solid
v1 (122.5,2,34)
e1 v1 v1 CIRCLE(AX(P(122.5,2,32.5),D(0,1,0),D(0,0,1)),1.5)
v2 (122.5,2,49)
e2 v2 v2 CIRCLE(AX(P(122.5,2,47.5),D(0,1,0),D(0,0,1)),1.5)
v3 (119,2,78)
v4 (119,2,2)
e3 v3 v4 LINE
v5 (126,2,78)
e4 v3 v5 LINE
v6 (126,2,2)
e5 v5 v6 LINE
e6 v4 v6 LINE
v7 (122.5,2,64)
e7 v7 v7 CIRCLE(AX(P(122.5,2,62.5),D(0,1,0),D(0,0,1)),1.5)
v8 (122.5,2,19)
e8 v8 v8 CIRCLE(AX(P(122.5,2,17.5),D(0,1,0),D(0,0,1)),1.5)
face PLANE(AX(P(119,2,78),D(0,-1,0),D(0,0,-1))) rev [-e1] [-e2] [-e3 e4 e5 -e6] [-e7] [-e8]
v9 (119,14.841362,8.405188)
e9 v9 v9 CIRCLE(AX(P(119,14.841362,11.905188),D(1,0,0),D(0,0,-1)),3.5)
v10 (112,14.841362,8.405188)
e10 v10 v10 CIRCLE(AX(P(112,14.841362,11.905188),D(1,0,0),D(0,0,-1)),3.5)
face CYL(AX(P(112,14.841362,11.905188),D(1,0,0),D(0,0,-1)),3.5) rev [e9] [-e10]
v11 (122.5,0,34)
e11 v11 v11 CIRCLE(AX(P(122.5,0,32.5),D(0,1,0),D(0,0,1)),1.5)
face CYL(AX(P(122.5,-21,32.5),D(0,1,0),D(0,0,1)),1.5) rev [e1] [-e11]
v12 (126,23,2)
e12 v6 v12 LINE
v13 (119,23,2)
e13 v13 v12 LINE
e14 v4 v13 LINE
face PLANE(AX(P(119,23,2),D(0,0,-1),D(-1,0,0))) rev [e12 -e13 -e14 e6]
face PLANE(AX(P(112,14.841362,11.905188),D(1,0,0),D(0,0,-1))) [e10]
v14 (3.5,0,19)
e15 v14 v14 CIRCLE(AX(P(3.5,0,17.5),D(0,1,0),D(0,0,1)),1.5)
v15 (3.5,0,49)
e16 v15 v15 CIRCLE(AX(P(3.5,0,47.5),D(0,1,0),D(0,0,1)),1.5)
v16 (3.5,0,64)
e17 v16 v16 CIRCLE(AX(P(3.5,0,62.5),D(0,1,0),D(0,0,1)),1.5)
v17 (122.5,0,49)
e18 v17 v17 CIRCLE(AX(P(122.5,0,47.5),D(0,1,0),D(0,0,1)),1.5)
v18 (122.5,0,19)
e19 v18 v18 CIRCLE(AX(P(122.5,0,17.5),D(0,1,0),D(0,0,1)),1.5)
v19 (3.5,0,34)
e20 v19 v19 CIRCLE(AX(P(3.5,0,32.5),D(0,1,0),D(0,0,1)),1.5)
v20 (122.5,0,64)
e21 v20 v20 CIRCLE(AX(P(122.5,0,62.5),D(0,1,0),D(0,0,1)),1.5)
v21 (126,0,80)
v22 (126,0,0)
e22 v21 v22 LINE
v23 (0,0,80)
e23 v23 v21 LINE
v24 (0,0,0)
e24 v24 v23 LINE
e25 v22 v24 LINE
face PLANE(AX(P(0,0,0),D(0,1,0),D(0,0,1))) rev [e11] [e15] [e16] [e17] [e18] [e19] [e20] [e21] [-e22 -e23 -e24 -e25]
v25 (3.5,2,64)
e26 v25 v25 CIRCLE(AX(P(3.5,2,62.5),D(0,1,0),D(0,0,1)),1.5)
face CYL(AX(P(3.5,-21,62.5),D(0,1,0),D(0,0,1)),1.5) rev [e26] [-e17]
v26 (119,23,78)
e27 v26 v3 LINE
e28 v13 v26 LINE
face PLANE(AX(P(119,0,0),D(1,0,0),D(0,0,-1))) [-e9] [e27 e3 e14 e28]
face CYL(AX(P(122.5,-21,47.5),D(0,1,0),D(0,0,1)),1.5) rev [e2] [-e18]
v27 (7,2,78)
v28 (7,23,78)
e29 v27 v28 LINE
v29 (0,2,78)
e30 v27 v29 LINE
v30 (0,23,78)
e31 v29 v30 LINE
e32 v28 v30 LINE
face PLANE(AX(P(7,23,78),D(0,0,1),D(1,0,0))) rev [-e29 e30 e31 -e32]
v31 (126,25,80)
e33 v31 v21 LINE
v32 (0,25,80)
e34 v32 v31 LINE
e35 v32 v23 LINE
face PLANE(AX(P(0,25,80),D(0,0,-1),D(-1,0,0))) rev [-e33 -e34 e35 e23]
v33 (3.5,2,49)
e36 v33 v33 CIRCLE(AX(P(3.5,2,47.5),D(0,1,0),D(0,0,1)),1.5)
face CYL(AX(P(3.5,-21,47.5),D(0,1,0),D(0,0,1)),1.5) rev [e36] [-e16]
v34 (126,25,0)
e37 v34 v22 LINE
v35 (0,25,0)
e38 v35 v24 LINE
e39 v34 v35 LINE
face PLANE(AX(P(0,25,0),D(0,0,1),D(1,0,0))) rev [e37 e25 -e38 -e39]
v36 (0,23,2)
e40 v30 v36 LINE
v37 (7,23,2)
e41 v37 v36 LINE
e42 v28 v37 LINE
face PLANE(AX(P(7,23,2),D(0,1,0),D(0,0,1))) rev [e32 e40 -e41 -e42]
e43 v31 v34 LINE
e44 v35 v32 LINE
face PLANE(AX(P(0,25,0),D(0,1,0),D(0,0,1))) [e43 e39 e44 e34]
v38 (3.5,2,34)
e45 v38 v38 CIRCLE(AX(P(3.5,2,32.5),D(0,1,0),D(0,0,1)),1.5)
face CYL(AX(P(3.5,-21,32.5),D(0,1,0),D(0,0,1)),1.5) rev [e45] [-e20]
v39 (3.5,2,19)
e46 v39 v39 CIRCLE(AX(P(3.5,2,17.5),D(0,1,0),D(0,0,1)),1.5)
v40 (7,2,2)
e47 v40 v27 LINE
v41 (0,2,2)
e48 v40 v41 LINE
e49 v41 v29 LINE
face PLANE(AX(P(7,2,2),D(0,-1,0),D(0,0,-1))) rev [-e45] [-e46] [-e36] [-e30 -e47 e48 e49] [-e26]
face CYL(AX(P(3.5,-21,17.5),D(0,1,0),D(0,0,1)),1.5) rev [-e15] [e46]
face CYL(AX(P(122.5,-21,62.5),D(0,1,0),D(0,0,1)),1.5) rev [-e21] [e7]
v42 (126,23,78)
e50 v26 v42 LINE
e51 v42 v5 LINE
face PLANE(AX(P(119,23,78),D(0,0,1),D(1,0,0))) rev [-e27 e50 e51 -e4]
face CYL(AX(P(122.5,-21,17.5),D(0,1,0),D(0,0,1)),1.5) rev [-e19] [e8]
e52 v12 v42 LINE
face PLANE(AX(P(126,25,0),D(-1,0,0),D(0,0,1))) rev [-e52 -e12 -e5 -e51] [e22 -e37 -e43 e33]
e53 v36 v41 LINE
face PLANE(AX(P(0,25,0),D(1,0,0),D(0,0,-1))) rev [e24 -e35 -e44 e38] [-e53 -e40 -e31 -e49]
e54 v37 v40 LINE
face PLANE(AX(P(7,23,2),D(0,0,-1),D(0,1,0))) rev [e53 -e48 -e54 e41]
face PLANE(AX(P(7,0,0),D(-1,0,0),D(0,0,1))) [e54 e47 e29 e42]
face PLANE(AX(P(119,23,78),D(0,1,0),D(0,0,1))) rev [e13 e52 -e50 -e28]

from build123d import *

# Parameters (mm, degrees)
SKETCH_1_W          = 126
SKETCH_1_H          = 80
EXTRUDE_1_DEPTH     = 25
SKETCH_2_W          = 76
SKETCH_2_H          = 21
CUT_EXTRUDE_1_DEPTH = 7
SKETCH_3_W          = 76
SKETCH_3_H          = 21
CUT_EXTRUDE_2_DEPTH = 7
SKETCH_4_R          = 3.5
CUT_EXTRUDE_3_DEPTH = 7
SKETCH_5_R          = 1.5
CUT_EXTRUDE_5_DEPTH = 23
SKETCH_6_R          = 1.5
CUT_EXTRUDE_6_DEPTH = 23


with BuildPart() as part:
    # 草图1 → 凸台-拉伸1 (new body)
    with BuildSketch(Plane(origin=(0, 0, 0), x_dir=(1, 0, 0), z_dir=(0, 1, 0))):
        with Locations((63, -40)):
            Rectangle(SKETCH_1_W, SKETCH_1_H)
    extrude(amount=EXTRUDE_1_DEPTH)

    # 草图2 → 切除-拉伸1 (cut)
    with BuildSketch(Plane(origin=(126, 0, 0), x_dir=(0, 0, -1), z_dir=(1, 0, 0))):
        with Locations((-40, 12.5)):
            Rectangle(SKETCH_2_W, SKETCH_2_H)
    extrude(amount=-CUT_EXTRUDE_1_DEPTH, mode=Mode.SUBTRACT)

    # 草图3 → 切除-拉伸2 (cut)
    with BuildSketch(Plane.ZY):
        with Locations((40, 12.5)):
            Rectangle(SKETCH_3_W, SKETCH_3_H)
    extrude(amount=-CUT_EXTRUDE_2_DEPTH, mode=Mode.SUBTRACT)

    # 草图4 → 切除-拉伸3 (cut)
    with BuildSketch(Plane(origin=(119, 0, 0), x_dir=(0, 0, -1), z_dir=(1, 0, 0))):
        with Locations((-11.90518779, 14.841361907)):
            Circle(SKETCH_4_R)
    extrude(amount=-CUT_EXTRUDE_3_DEPTH, mode=Mode.SUBTRACT)

    # 草图5 → 切除-拉伸5 (cut)
    with BuildSketch(Plane(origin=(0, 2, 0), x_dir=(1, 0, 0), z_dir=(0, 1, 0))):
        with Locations(Location((122.5, -17.5, 0), (0, 0, 270))):
            Circle(SKETCH_5_R)
        with Locations(Location((122.5, -32.5, 0), (0, 0, 270))):
            Circle(SKETCH_5_R)
        with Locations(Location((122.5, -47.5, 0), (0, 0, 270))):
            Circle(SKETCH_5_R)
        with Locations(Location((122.5, -62.5, 0), (0, 0, 270))):
            Circle(SKETCH_5_R)
    extrude(amount=-CUT_EXTRUDE_5_DEPTH, mode=Mode.SUBTRACT)

    # 草图6 → 切除-拉伸6 (cut)
    with BuildSketch(Plane(origin=(0, 2, 0), x_dir=(1, 0, 0), z_dir=(0, 1, 0))):
        with Locations(Location((3.5, -17.5, 0), (0, 0, 270))):
            Circle(SKETCH_6_R)
        with Locations(Location((3.5, -32.5, 0), (0, 0, 270))):
            Circle(SKETCH_6_R)
        with Locations(Location((3.5, -47.5, 0), (0, 0, 270))):
            Circle(SKETCH_6_R)
        with Locations(Location((3.5, -62.5, 0), (0, 0, 270))):
            Circle(SKETCH_6_R)
    extrude(amount=-CUT_EXTRUDE_6_DEPTH, mode=Mode.SUBTRACT)


solid = part.part
